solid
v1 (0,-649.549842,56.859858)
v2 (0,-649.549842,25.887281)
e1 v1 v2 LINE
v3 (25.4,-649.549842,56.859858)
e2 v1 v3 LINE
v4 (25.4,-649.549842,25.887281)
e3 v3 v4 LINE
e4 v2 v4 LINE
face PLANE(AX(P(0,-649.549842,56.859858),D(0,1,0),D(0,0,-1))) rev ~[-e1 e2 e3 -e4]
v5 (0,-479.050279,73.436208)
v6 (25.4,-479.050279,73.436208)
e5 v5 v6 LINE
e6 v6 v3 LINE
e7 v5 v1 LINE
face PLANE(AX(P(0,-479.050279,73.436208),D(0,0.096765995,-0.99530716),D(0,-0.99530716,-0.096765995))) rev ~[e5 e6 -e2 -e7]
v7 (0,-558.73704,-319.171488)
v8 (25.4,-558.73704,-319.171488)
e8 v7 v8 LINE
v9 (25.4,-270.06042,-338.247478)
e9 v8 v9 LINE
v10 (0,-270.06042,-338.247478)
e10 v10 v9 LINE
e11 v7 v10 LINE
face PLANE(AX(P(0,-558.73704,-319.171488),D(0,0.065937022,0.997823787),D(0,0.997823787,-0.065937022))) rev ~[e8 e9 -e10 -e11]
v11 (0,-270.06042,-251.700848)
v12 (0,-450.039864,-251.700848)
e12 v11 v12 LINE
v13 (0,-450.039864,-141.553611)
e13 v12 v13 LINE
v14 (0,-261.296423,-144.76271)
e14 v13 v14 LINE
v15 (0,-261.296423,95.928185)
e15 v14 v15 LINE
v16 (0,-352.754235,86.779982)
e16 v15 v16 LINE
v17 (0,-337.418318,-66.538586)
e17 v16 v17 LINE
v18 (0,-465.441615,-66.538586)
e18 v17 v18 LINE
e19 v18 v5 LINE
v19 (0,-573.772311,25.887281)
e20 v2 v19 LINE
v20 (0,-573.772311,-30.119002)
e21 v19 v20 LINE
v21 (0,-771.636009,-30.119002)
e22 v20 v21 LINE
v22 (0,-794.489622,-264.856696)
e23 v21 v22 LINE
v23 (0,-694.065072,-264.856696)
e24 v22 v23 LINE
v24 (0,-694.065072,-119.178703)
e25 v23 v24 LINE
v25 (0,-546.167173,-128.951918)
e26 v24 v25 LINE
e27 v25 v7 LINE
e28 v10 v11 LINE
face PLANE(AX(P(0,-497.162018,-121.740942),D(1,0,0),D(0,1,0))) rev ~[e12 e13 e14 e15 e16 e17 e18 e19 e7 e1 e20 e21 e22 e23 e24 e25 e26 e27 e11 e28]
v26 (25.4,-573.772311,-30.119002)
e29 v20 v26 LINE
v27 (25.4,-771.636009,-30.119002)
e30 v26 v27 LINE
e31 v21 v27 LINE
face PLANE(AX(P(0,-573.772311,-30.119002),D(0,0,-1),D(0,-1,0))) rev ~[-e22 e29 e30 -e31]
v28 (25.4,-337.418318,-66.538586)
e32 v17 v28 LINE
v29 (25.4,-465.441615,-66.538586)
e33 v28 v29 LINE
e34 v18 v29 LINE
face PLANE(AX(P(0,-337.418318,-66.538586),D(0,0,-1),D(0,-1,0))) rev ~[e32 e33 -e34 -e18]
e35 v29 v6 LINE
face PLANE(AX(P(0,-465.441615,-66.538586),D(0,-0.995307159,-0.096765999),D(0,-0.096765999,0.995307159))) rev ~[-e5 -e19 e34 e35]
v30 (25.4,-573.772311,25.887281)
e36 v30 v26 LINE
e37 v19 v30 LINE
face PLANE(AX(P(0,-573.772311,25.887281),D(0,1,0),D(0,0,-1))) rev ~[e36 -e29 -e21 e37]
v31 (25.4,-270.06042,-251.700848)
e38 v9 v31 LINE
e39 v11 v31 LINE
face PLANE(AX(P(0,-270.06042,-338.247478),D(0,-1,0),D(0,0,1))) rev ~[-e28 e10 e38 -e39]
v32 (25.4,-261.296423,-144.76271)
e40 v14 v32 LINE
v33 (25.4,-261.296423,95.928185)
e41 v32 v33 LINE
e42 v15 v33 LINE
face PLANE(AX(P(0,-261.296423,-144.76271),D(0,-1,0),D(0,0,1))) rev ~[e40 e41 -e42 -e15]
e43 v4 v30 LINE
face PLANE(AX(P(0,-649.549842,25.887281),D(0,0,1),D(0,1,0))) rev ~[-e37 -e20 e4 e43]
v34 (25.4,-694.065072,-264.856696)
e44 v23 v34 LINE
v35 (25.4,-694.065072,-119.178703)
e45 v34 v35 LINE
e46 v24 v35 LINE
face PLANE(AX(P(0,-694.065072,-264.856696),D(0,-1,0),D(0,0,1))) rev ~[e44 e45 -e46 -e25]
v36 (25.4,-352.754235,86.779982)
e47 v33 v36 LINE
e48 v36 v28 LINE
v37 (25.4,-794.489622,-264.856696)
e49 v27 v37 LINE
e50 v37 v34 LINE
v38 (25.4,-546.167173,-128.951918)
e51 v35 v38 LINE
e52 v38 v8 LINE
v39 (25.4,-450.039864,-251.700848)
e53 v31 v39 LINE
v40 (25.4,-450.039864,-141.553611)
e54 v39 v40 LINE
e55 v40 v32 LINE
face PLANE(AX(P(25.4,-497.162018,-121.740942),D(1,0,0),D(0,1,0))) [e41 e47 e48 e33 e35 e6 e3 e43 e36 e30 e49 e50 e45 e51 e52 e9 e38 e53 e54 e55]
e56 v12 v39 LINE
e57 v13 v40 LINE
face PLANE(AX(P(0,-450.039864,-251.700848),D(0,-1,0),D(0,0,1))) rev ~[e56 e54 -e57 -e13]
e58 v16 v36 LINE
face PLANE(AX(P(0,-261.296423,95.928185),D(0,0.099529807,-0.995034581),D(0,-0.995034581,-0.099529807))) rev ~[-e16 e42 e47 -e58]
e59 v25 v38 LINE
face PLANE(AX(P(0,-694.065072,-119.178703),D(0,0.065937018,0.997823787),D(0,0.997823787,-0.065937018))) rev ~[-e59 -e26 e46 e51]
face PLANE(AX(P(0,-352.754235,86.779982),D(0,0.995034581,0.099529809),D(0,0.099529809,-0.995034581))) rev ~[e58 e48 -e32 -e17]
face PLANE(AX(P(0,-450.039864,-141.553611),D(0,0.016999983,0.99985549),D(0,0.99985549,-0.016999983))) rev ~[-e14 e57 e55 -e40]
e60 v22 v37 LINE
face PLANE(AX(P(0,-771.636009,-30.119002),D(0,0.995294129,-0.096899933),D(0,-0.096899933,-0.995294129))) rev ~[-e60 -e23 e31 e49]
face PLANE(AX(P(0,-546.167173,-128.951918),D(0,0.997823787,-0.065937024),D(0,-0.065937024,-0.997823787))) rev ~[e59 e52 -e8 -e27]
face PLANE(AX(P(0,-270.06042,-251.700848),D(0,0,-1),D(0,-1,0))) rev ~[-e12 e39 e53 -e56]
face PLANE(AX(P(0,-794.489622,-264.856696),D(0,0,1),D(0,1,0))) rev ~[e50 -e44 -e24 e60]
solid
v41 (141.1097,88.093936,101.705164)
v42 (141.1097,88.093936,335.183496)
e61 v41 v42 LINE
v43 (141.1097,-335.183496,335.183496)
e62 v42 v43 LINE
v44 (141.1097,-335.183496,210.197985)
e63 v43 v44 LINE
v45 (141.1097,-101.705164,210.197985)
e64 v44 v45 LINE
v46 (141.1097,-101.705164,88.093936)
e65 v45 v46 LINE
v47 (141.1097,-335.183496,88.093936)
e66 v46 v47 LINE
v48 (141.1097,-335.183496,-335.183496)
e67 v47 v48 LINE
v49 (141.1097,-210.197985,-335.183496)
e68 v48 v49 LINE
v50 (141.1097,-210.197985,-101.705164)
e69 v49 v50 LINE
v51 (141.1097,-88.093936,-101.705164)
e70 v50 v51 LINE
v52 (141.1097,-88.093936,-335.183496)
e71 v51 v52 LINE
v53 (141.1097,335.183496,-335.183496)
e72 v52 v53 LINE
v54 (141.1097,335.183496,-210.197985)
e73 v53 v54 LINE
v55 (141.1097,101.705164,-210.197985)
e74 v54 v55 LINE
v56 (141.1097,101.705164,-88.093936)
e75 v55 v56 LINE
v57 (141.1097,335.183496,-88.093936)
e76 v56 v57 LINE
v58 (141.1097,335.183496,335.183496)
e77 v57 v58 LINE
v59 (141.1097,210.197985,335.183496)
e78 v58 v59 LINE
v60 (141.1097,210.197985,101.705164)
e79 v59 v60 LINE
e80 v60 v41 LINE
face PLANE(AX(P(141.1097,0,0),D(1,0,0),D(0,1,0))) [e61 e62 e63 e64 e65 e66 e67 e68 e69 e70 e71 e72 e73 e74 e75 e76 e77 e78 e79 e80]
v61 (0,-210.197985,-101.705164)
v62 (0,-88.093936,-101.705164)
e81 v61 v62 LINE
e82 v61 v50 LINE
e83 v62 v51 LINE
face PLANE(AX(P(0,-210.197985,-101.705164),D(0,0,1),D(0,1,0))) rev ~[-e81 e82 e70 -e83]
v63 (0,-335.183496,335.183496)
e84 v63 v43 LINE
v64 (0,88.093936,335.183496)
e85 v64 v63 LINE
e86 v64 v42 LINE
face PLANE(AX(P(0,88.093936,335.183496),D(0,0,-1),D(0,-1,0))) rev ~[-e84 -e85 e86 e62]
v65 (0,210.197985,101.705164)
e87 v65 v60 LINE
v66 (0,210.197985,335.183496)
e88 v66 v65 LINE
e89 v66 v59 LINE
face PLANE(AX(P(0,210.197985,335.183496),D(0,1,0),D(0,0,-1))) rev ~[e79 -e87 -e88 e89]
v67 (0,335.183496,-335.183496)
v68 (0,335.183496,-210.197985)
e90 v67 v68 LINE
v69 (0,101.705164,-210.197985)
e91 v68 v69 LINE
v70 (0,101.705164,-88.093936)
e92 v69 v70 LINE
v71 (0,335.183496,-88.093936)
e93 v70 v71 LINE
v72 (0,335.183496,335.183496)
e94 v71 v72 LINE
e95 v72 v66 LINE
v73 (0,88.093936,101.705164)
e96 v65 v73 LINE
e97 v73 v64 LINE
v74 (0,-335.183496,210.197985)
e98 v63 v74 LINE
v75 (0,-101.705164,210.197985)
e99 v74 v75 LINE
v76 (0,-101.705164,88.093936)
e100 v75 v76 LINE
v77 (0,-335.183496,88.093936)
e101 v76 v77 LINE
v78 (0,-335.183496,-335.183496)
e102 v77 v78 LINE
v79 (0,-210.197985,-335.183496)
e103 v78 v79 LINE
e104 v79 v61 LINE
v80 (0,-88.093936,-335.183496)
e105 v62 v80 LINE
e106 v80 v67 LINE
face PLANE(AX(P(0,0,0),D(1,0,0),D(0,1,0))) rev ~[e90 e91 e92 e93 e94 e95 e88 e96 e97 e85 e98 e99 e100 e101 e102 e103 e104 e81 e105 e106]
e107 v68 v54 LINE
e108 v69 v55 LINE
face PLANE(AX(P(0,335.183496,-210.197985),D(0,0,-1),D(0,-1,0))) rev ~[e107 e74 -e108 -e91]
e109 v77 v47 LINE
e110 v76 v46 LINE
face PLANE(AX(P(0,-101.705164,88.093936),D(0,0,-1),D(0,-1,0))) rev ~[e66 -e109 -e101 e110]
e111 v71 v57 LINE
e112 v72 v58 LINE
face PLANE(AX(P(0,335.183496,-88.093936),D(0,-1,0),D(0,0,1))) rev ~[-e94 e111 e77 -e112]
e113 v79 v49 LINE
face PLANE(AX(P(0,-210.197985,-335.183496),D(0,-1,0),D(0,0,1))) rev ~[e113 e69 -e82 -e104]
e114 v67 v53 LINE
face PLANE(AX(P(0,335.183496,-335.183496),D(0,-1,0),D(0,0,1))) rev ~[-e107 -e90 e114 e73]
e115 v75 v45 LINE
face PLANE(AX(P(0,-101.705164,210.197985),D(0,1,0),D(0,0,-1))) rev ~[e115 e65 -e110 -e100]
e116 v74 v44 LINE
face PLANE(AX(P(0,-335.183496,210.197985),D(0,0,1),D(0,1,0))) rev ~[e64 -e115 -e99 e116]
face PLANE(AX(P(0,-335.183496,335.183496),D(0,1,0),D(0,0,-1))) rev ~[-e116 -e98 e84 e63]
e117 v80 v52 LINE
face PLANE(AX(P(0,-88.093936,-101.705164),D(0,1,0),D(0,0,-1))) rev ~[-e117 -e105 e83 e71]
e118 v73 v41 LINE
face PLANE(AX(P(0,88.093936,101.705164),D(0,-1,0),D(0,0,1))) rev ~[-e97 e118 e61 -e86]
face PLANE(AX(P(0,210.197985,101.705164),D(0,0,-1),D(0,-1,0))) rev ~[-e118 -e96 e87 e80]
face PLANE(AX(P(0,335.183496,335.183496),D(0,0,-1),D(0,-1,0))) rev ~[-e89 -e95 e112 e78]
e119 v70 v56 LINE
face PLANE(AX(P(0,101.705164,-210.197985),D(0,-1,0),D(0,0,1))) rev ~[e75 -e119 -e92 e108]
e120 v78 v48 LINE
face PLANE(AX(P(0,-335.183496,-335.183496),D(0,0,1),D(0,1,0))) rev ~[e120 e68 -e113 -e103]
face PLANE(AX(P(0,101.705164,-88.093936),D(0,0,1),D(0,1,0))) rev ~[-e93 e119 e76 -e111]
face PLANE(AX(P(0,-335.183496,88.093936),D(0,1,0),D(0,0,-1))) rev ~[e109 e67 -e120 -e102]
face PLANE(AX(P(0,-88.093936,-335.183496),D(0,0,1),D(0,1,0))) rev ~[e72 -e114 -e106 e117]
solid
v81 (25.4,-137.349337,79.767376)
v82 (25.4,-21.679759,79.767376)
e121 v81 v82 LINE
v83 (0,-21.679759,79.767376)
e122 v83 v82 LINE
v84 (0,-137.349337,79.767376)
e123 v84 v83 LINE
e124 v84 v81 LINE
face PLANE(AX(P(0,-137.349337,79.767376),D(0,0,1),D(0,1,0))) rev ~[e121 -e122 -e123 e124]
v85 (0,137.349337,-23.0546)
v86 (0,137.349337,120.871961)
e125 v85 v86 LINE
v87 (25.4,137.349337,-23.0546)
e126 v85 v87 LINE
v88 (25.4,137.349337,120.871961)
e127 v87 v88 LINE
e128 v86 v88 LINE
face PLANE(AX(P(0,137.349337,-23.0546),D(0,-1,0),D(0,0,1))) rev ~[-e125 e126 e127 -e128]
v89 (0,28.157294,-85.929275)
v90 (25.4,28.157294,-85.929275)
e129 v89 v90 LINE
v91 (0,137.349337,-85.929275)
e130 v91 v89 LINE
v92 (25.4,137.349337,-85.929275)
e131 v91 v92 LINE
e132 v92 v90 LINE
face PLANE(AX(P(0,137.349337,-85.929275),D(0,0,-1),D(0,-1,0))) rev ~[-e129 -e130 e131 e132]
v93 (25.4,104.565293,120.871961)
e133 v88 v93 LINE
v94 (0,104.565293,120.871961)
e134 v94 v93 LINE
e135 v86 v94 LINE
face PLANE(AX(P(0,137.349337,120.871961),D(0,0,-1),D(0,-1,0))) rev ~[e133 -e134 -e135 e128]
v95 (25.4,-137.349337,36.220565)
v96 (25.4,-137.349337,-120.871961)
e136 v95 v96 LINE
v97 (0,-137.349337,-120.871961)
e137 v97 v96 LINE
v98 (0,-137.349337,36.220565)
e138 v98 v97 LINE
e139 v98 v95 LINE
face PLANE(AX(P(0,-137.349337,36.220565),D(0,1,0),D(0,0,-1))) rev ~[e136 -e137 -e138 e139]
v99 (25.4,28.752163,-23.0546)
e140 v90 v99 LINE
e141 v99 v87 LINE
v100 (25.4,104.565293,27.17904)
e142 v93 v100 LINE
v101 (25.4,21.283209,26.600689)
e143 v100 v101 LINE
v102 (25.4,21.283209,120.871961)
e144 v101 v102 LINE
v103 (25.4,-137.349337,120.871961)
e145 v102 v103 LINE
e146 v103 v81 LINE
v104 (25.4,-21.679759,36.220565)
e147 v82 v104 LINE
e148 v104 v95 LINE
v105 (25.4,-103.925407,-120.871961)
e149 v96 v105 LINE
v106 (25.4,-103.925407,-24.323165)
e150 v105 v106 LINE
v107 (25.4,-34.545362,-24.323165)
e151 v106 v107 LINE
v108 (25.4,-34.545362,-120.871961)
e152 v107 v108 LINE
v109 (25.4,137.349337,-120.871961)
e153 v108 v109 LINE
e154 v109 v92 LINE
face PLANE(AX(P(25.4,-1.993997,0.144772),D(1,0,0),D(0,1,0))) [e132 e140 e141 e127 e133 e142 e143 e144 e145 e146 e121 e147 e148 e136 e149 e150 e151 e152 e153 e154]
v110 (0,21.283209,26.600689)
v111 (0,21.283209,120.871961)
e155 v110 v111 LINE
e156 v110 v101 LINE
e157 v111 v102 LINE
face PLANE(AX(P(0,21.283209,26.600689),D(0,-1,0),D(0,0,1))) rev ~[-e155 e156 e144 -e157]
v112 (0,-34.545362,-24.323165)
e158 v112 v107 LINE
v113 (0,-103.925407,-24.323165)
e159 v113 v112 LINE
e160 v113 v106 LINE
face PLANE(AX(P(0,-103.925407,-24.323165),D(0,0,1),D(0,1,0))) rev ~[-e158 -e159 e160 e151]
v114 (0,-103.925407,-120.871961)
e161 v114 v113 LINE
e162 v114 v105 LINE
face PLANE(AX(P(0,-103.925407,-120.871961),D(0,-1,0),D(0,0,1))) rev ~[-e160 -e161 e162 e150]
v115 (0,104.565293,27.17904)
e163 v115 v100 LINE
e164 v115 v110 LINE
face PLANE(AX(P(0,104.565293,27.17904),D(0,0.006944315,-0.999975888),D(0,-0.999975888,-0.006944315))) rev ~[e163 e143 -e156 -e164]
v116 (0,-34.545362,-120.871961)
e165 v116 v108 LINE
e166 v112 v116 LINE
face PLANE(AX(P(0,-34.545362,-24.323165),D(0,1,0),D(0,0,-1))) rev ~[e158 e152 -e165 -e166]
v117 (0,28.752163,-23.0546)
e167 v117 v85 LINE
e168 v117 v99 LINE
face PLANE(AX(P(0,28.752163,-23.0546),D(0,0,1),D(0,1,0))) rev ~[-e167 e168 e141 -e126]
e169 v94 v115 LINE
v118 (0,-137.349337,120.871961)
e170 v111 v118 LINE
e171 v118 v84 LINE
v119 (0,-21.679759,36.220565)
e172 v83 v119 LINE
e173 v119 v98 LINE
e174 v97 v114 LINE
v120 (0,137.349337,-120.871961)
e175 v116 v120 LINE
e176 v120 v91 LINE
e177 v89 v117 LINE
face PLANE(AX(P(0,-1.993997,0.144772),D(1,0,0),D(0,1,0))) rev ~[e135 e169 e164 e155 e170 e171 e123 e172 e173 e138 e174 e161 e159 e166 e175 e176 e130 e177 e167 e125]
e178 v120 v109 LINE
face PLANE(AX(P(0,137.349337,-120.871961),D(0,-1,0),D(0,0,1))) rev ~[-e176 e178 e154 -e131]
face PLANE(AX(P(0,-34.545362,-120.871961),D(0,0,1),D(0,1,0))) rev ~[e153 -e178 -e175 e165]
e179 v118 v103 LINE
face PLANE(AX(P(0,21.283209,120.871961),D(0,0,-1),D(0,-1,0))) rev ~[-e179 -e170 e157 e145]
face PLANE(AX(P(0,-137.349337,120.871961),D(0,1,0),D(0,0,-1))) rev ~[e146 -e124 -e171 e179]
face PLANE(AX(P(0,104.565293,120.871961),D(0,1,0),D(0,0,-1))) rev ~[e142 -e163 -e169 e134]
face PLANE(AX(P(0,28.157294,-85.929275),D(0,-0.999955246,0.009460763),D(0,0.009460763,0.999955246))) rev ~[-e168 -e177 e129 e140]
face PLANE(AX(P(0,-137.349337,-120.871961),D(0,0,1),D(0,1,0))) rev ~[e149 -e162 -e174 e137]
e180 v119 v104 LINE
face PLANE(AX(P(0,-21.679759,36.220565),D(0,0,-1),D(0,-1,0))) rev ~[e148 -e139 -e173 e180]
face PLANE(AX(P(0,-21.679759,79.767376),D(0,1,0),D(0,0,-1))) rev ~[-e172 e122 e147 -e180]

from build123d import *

# Parameters (mm, degrees)
F2_DEPTH = 25.4
F3_DEPTH = 25.4
F5_DEPTH = 141.1097


with BuildPart() as f2:
    # F0 (on Right) → F2 (new body)
    with BuildSketch(Plane.YZ):
        Polygon((-137.349337, 36.220565), (-137.349337, -120.871961), (-103.925407, -120.871961), (-103.925407, -24.323165), (-34.545362, -24.323165), (-34.545362, -120.871961), (137.349337, -120.871961), (137.349337, -85.929275), (28.157294, -85.929275), (28.752163, -23.0546), (137.349337, -23.0546), (137.349337, 120.871961), (104.565293, 120.871961), (104.565293, 27.17904), (21.283209, 26.600689), (21.283209, 120.871961), (-137.349337, 120.871961), (-137.349337, 79.767376), (-21.679759, 79.767376), (-21.679759, 36.220565), align=None)
    extrude(amount=F2_DEPTH)


with BuildPart() as f3:
    # F1 (on Right) → F3 (new body)
    with BuildSketch(Plane.YZ):
        Polygon((-479.050279, 73.436208), (-649.549842, 56.859858), (-649.549842, 25.887281), (-573.772311, 25.887281), (-573.772311, -30.119002), (-771.636009, -30.119002), (-794.489622, -264.856696), (-694.065072, -264.856696), (-694.065072, -119.178703), (-546.167173, -128.951918), (-558.73704, -319.171488), (-270.06042, -338.247478), (-270.06042, -251.700848), (-450.039864, -251.700848), (-450.039864, -141.553611), (-261.296423, -144.76271), (-261.296423, 95.928185), (-352.754235, 86.779982), (-337.418318, -66.538586), (-465.441615, -66.538586), align=None)
    extrude(amount=F3_DEPTH)


with BuildPart() as f5:
    # F4 (on Right) → F5 (new body)
    with BuildSketch(Plane.YZ):
        Polygon((-335.183496, 88.093936), (-335.183496, -335.183496), (-210.197985, -335.183496), (-210.197985, -101.705164), (-88.093936, -101.705164), (-88.093936, -335.183496), (335.183496, -335.183496), (335.183496, -210.197985), (101.705164, -210.197985), (101.705164, -88.093936), (335.183496, -88.093936), (335.183496, 335.183496), (210.197985, 335.183496), (210.197985, 101.705164), (88.093936, 101.705164), (88.093936, 335.183496), (-335.183496, 335.183496), (-335.183496, 210.197985), (-101.705164, 210.197985), (-101.705164, 88.093936), align=None)
    extrude(amount=F5_DEPTH)


solid = Compound([f2.part, f3.part, f5.part])
